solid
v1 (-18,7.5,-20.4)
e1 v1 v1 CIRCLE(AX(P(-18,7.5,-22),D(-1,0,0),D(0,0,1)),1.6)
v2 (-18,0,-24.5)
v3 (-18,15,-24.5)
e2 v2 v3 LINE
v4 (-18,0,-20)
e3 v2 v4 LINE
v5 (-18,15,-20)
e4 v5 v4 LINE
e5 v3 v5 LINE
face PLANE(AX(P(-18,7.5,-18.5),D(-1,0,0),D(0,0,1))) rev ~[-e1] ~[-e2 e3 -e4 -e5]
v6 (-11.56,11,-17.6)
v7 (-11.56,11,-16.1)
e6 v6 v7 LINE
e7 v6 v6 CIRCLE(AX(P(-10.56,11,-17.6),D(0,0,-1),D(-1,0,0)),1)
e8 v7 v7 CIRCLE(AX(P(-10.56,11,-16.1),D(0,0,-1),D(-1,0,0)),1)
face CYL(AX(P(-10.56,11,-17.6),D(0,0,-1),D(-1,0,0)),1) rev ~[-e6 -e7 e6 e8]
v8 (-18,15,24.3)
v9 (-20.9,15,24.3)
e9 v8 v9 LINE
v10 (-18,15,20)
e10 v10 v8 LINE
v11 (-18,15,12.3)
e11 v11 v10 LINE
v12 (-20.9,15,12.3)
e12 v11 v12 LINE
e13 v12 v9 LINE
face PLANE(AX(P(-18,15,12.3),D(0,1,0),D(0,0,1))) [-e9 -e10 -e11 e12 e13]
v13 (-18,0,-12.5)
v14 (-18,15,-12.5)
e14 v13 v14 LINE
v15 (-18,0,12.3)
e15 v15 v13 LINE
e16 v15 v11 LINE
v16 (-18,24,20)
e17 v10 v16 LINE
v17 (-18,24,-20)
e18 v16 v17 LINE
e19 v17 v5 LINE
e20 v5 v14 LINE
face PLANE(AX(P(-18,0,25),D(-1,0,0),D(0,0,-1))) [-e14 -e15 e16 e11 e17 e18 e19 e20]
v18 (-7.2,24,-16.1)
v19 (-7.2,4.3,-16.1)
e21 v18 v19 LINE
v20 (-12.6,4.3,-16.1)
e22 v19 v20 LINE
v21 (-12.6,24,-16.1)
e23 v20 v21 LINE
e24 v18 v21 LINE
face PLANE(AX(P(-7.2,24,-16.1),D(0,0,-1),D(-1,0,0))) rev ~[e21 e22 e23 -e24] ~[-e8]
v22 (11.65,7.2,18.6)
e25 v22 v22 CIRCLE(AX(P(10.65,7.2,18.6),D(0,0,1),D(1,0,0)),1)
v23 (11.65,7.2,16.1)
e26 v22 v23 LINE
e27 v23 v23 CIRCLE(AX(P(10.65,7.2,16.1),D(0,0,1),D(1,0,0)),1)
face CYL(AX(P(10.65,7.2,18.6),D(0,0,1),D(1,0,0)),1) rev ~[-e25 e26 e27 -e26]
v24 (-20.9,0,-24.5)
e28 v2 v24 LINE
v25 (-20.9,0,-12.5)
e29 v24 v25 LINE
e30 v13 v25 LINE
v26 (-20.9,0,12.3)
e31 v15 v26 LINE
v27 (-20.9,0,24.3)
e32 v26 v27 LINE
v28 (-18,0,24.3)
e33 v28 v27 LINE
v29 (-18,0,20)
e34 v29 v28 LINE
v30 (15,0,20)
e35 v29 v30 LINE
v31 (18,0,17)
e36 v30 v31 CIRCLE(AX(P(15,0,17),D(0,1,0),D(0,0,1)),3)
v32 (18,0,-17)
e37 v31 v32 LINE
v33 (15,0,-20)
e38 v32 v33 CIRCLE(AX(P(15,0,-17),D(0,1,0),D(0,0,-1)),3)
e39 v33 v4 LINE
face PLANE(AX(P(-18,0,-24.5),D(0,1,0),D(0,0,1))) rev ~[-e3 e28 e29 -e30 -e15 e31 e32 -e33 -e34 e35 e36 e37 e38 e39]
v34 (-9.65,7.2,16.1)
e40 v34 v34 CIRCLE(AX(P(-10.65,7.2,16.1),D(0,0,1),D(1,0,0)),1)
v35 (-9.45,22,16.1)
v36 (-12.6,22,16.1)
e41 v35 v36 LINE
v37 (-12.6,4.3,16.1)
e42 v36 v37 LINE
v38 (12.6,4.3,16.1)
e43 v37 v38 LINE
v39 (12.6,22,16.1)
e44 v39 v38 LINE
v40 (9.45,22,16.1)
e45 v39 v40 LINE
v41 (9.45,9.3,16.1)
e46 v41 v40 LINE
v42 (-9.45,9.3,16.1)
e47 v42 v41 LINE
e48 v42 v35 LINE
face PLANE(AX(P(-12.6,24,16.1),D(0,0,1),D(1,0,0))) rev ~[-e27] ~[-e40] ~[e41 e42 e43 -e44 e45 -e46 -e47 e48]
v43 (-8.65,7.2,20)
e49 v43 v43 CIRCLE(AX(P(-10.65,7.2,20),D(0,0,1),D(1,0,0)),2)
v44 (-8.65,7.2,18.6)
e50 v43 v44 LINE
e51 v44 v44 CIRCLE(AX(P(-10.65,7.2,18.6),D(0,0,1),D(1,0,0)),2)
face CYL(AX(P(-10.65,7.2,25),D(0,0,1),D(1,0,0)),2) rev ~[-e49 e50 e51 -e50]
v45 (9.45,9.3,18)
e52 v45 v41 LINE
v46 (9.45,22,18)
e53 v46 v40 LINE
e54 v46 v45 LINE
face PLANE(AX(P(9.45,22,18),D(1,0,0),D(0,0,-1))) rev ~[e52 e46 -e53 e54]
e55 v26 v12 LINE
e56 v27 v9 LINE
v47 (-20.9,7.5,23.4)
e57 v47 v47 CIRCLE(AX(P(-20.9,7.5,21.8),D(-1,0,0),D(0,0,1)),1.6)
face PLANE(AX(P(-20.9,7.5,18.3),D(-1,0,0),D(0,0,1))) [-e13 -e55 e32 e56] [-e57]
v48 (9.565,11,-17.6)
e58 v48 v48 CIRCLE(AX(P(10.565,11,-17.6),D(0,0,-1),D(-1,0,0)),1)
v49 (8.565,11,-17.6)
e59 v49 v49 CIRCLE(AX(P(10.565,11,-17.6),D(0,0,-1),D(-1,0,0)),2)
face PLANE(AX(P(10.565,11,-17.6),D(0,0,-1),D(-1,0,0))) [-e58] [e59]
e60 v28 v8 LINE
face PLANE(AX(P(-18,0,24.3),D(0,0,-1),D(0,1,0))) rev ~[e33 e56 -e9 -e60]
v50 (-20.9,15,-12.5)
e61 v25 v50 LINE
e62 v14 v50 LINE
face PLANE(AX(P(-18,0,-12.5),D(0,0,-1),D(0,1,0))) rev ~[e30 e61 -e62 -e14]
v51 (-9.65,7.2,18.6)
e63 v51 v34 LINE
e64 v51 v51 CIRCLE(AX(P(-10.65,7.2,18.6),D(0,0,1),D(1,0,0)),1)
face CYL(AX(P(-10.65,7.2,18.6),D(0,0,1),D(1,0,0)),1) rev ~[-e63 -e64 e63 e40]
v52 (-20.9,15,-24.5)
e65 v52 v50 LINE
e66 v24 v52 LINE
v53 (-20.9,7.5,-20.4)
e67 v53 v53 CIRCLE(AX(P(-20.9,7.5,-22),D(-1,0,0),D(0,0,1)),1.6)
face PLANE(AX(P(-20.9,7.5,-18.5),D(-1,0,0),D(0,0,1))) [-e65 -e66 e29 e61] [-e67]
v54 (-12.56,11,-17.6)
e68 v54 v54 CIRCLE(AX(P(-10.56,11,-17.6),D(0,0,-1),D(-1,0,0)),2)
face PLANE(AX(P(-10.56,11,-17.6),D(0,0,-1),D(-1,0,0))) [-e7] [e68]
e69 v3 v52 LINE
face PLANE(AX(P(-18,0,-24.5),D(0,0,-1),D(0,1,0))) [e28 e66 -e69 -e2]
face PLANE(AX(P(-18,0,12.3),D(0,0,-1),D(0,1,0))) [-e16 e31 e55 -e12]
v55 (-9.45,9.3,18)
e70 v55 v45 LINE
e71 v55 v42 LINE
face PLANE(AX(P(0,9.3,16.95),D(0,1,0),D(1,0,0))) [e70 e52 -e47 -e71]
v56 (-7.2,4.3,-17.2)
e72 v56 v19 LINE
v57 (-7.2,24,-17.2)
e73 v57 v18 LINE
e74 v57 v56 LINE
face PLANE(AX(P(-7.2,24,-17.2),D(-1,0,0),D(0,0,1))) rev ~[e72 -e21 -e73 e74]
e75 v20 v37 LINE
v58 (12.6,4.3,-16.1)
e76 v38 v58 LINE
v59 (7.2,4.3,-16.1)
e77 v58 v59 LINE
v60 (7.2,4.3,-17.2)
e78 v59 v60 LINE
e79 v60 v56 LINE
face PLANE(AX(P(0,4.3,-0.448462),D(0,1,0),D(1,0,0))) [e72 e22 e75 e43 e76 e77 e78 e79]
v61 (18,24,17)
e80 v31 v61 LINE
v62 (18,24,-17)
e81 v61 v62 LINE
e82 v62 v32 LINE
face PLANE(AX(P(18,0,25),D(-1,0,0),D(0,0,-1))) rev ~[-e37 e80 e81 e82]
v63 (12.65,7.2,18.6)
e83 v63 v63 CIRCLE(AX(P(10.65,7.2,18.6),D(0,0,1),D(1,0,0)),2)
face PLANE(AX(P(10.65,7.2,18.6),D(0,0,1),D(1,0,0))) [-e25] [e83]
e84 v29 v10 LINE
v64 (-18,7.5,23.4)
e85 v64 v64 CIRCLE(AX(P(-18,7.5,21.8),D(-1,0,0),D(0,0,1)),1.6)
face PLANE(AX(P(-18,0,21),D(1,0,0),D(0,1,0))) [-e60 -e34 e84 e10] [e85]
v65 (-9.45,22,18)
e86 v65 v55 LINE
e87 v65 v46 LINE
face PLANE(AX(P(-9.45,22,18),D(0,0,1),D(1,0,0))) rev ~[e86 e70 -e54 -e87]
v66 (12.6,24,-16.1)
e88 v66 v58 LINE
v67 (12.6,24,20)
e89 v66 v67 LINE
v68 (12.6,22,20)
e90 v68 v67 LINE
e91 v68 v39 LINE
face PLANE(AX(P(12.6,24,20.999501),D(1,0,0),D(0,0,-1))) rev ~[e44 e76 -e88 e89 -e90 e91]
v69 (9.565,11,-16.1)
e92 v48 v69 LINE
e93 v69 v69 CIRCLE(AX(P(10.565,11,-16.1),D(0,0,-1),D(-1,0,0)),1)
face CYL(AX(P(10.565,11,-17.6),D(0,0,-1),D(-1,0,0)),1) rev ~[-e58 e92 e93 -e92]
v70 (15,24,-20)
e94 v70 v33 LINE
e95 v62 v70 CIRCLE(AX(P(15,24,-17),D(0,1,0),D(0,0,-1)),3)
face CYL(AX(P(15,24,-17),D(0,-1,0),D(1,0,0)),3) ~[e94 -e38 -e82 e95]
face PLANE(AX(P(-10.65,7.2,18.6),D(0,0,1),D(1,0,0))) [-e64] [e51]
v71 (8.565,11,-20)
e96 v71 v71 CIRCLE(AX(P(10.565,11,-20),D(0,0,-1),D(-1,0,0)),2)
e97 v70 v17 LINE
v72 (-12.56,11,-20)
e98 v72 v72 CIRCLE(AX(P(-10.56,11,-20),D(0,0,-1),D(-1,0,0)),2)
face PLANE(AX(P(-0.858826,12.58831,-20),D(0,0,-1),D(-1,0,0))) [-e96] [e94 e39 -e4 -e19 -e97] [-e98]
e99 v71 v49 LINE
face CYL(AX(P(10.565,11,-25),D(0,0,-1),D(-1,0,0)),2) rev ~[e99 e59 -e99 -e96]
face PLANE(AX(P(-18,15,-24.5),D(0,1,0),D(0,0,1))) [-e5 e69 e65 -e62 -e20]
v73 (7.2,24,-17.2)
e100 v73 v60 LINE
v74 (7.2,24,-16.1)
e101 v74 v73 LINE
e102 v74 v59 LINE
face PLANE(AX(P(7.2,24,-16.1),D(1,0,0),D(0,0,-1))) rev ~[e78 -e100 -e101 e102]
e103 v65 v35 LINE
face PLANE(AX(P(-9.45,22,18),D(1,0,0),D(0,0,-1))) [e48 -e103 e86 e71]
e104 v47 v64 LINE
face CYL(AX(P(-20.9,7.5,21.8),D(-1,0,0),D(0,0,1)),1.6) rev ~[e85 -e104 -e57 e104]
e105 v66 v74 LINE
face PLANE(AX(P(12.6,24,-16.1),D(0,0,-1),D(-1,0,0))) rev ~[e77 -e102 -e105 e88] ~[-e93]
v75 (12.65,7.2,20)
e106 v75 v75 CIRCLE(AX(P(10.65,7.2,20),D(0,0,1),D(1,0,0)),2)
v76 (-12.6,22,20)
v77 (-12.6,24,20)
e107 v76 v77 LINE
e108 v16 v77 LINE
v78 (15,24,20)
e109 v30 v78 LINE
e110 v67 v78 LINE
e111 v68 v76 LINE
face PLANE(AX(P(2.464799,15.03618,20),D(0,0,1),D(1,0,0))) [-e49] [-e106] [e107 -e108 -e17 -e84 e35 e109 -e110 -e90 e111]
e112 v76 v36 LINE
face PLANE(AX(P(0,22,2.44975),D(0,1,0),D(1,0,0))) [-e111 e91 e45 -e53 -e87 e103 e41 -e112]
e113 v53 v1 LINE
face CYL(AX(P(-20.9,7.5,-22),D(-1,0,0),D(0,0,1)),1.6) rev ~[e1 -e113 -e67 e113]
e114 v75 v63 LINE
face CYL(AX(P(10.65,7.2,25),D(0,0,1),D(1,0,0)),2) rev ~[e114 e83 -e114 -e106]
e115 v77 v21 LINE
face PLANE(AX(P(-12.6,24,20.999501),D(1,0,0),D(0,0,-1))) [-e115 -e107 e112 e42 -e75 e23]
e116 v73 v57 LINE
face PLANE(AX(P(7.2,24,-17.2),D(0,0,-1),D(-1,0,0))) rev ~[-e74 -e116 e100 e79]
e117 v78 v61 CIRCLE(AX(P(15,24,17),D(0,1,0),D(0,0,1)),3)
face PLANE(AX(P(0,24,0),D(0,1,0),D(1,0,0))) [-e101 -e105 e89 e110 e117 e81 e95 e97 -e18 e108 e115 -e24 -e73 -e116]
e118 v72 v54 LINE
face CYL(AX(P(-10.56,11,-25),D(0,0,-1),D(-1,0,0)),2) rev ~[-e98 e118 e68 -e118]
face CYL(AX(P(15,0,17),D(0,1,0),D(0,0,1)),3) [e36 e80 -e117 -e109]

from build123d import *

# Parameters (mm, degrees)
SKETCH_3_W           = 36
SKETCH_3_H           = 50
EXTRUDE_1_DEPTH      = 24
SKETCH_4_W           = 24.8
SKETCH_4_H           = 31.8
CUT_EXTRUDE_1_DEPTH  = 19.7
SKETCH_5_W           = 14
SKETCH_5_H           = 2.2
CUT_EXTRUDE_3_DEPTH  = 19.7
SKETCH_6_W           = 18.5
SKETCH_6_H           = 3.8
CUT_EXTRUDE_4_DEPTH  = 14.7
SKETCH_7_W           = 24.8
SKETCH_7_H           = 24.280407208
CUT_EXTRUDE_5_DEPTH  = 2
SKETCH_8_R           = 2
CUT_EXTRUDE_6_DEPTH  = 6.4
SKETCH_9_R           = 1
CUT_EXTRUDE_7_DEPTH  = 6.4
SKETCH_10_R          = 2
CUT_EXTRUDE_8_DEPTH  = 7.4
SKETCH_11_R          = 1
CUT_EXTRUDE_9_DEPTH  = 7.4
SKETCH_14_W          = 47.693248889
SKETCH_14_H          = 41.94352182
CUT_EXTRUDE_12_DEPTH = 4
SKETCH_16_W          = 69.166934332
SKETCH_16_H          = 39.422219991
CUT_EXTRUDE_13_DEPTH = 5
CUT_EXTRUDE_17_DEPTH = 19.7
SKETCH_19_W          = 18.9
SKETCH_19_H          = 2.1
CUT_EXTRUDE_18_DEPTH = 12.7
SKETCH_21_W          = 12
SKETCH_21_H          = 15
EXTRUDE_2_DEPTH      = 2.9
SKETCH_24_W          = 40.92959711
SKETCH_24_H          = 30.072359406
CUT_EXTRUDE_20_DEPTH = 1
SKETCH_23_R          = 1.6
CUT_EXTRUDE_21_DEPTH = 10
SKETCH_25_W          = 25.2
SKETCH_25_H          = 37.099500986
CUT_EXTRUDE_22_DEPTH = 2
FILLET_1_R           = 3


with BuildPart() as part:
    # 草图3 → 凸台-拉伸1 (new body)
    with BuildSketch(Plane(origin=(0, 0, 0), x_dir=(1, 0, 0), z_dir=(0, 1, 0))):
        Rectangle(SKETCH_3_W, SKETCH_3_H)
    extrude(amount=EXTRUDE_1_DEPTH)

    # 草图4 → 切除-拉伸1 (cut)
    with BuildSketch(Plane(origin=(0, 24, 0), x_dir=(1, 0, 0), z_dir=(0, 1, 0))):
        Rectangle(SKETCH_4_W, SKETCH_4_H)
    extrude(amount=-CUT_EXTRUDE_1_DEPTH, mode=Mode.SUBTRACT)

    # 草图5 → 切除-拉伸3 (cut)
    with BuildSketch(Plane(origin=(0, 24, 0), x_dir=(1, 0, 0), z_dir=(0, 1, 0))):
        with Locations((0, 15.9)):
            Rectangle(SKETCH_5_W, SKETCH_5_H)
    extrude(amount=-CUT_EXTRUDE_3_DEPTH, mode=Mode.SUBTRACT)

    # 草图6 → 切除-拉伸4 (cut)
    with BuildSketch(Plane(origin=(0, 24, 0), x_dir=(1, 0, 0), z_dir=(0, 1, 0))):
        with Locations((0, -15.9)):
            Rectangle(SKETCH_6_W, SKETCH_6_H)
    extrude(amount=-CUT_EXTRUDE_4_DEPTH, mode=Mode.SUBTRACT)

    # 草图7 → 切除-拉伸5 (cut)
    with BuildSketch(Plane(origin=(0, 24, 0), x_dir=(1, 0, 0), z_dir=(0, 1, 0))):
        with Locations((0, -25)):
            Rectangle(SKETCH_7_W, SKETCH_7_H)
    extrude(amount=-CUT_EXTRUDE_5_DEPTH, mode=Mode.SUBTRACT)

    # 草图8 → 切除-拉伸6 (cut)
    with BuildSketch(Plane.XY.offset(25)):
        with Locations((10.65, 7.2)):
            Circle(SKETCH_8_R)
        with Locations((-10.65, 7.2)):
            Circle(SKETCH_8_R)
    extrude(amount=-CUT_EXTRUDE_6_DEPTH, mode=Mode.SUBTRACT)

    # 草图9 → 切除-拉伸7 (cut)
    with BuildSketch(Plane.XY.offset(18.6)):
        with Locations((10.65, 7.2)):
            Circle(SKETCH_9_R)
        with Locations((-10.65, 7.2)):
            Circle(SKETCH_9_R)
    extrude(amount=-CUT_EXTRUDE_7_DEPTH, mode=Mode.SUBTRACT)

    # 草图10 → 切除-拉伸8 (cut)
    with BuildSketch(Plane(origin=(0, 0, -25), x_dir=(-1, 0, 0), z_dir=(0, 0, -1))):
        with Locations((-10.565, 11)):
            Circle(SKETCH_10_R)
        with Locations((10.56, 11)):
            Circle(SKETCH_10_R)
    extrude(amount=-CUT_EXTRUDE_8_DEPTH, mode=Mode.SUBTRACT)

    # 草图11 → 切除-拉伸9 (cut)
    with BuildSketch(Plane(origin=(0, 0, -17.6), x_dir=(-1, 0, 0), z_dir=(0, 0, -1))):
        with Locations((10.56, 11)):
            Circle(SKETCH_11_R)
        with Locations((-10.565, 11)):
            Circle(SKETCH_11_R)
    extrude(amount=-CUT_EXTRUDE_9_DEPTH, mode=Mode.SUBTRACT)

    # 草图14 → 切除-拉伸12 (cut)
    with BuildSketch(Plane.XY.offset(25)):
        with Locations((-2.653720185, 12.393348568)):
            Rectangle(SKETCH_14_W, SKETCH_14_H)
    extrude(amount=-CUT_EXTRUDE_12_DEPTH, mode=Mode.SUBTRACT)

    # 草图16 → 切除-拉伸13 (cut)
    with BuildSketch(Plane(origin=(0, 0, -25), x_dir=(-1, 0, 0), z_dir=(0, 0, -1))):
        with Locations((0.858826259, 12.588310345)):
            Rectangle(SKETCH_16_W, SKETCH_16_H)
    extrude(amount=-CUT_EXTRUDE_13_DEPTH, mode=Mode.SUBTRACT)

    # 草图18 → 切除-拉伸17 (cut)
    with BuildSketch(Plane(origin=(0, 24, 0), x_dir=(1, 0, 0), z_dir=(0, 1, 0))):
        Polygon((-12.6, -16.1), (12.6, -16.1), (12.6, 16.1), (7.2, 16.1), (7.2, 17.2), (-7.2, 17.2), (-7.2, 16.1), (-12.6, 16.1), align=None)
    extrude(amount=-CUT_EXTRUDE_17_DEPTH, mode=Mode.SUBTRACT)

    # 草图19 → 切除-拉伸18 (cut)
    with BuildSketch(Plane(origin=(0, 22, 0), x_dir=(1, 0, 0), z_dir=(0, 1, 0))):
        with Locations((0, -16.95)):
            Rectangle(SKETCH_19_W, SKETCH_19_H)
    extrude(amount=-CUT_EXTRUDE_18_DEPTH, mode=Mode.SUBTRACT)

    # 草图21 → 凸台-拉伸2 (add)
    with BuildSketch(Plane.ZY.offset(18)):
        with Locations((-18.5, 7.5)):
            Rectangle(SKETCH_21_W, SKETCH_21_H)
        with Locations((18.3, 7.5)):
            Rectangle(SKETCH_21_W, SKETCH_21_H)
    extrude(amount=EXTRUDE_2_DEPTH)

    # 草图24 → 切除-拉伸20 (cut)
    with BuildSketch(Plane.XY.offset(21)):
        with Locations((2.464798555, 15.036179703)):
            Rectangle(SKETCH_24_W, SKETCH_24_H)
    extrude(amount=-CUT_EXTRUDE_20_DEPTH, mode=Mode.SUBTRACT)

    # 草图23 → 切除-拉伸21 (cut)
    with BuildSketch(Plane.ZY.offset(20.9)):
        with Locations((-22, 7.5)):
            Circle(SKETCH_23_R)
        with Locations((21.8, 7.5)):
            Circle(SKETCH_23_R)
    extrude(amount=-CUT_EXTRUDE_21_DEPTH, mode=Mode.SUBTRACT)

    # 草图25 → 切除-拉伸22 (cut)
    with BuildSketch(Plane(origin=(0, 24, 0), x_dir=(1, 0, 0), z_dir=(0, 1, 0))):
        with Locations((0, -2.449750493)):
            Rectangle(SKETCH_25_W, SKETCH_25_H)
    extrude(amount=-CUT_EXTRUDE_22_DEPTH, mode=Mode.SUBTRACT)

    # 圆角1
    fillet_1_edges = [part.edges().sort_by_distance(p)[0] for p in [
        (18, 12, -20),
        (18, 12, 20),
    ]]
    fillet(fillet_1_edges, radius=FILLET_1_R)


solid = part.part
